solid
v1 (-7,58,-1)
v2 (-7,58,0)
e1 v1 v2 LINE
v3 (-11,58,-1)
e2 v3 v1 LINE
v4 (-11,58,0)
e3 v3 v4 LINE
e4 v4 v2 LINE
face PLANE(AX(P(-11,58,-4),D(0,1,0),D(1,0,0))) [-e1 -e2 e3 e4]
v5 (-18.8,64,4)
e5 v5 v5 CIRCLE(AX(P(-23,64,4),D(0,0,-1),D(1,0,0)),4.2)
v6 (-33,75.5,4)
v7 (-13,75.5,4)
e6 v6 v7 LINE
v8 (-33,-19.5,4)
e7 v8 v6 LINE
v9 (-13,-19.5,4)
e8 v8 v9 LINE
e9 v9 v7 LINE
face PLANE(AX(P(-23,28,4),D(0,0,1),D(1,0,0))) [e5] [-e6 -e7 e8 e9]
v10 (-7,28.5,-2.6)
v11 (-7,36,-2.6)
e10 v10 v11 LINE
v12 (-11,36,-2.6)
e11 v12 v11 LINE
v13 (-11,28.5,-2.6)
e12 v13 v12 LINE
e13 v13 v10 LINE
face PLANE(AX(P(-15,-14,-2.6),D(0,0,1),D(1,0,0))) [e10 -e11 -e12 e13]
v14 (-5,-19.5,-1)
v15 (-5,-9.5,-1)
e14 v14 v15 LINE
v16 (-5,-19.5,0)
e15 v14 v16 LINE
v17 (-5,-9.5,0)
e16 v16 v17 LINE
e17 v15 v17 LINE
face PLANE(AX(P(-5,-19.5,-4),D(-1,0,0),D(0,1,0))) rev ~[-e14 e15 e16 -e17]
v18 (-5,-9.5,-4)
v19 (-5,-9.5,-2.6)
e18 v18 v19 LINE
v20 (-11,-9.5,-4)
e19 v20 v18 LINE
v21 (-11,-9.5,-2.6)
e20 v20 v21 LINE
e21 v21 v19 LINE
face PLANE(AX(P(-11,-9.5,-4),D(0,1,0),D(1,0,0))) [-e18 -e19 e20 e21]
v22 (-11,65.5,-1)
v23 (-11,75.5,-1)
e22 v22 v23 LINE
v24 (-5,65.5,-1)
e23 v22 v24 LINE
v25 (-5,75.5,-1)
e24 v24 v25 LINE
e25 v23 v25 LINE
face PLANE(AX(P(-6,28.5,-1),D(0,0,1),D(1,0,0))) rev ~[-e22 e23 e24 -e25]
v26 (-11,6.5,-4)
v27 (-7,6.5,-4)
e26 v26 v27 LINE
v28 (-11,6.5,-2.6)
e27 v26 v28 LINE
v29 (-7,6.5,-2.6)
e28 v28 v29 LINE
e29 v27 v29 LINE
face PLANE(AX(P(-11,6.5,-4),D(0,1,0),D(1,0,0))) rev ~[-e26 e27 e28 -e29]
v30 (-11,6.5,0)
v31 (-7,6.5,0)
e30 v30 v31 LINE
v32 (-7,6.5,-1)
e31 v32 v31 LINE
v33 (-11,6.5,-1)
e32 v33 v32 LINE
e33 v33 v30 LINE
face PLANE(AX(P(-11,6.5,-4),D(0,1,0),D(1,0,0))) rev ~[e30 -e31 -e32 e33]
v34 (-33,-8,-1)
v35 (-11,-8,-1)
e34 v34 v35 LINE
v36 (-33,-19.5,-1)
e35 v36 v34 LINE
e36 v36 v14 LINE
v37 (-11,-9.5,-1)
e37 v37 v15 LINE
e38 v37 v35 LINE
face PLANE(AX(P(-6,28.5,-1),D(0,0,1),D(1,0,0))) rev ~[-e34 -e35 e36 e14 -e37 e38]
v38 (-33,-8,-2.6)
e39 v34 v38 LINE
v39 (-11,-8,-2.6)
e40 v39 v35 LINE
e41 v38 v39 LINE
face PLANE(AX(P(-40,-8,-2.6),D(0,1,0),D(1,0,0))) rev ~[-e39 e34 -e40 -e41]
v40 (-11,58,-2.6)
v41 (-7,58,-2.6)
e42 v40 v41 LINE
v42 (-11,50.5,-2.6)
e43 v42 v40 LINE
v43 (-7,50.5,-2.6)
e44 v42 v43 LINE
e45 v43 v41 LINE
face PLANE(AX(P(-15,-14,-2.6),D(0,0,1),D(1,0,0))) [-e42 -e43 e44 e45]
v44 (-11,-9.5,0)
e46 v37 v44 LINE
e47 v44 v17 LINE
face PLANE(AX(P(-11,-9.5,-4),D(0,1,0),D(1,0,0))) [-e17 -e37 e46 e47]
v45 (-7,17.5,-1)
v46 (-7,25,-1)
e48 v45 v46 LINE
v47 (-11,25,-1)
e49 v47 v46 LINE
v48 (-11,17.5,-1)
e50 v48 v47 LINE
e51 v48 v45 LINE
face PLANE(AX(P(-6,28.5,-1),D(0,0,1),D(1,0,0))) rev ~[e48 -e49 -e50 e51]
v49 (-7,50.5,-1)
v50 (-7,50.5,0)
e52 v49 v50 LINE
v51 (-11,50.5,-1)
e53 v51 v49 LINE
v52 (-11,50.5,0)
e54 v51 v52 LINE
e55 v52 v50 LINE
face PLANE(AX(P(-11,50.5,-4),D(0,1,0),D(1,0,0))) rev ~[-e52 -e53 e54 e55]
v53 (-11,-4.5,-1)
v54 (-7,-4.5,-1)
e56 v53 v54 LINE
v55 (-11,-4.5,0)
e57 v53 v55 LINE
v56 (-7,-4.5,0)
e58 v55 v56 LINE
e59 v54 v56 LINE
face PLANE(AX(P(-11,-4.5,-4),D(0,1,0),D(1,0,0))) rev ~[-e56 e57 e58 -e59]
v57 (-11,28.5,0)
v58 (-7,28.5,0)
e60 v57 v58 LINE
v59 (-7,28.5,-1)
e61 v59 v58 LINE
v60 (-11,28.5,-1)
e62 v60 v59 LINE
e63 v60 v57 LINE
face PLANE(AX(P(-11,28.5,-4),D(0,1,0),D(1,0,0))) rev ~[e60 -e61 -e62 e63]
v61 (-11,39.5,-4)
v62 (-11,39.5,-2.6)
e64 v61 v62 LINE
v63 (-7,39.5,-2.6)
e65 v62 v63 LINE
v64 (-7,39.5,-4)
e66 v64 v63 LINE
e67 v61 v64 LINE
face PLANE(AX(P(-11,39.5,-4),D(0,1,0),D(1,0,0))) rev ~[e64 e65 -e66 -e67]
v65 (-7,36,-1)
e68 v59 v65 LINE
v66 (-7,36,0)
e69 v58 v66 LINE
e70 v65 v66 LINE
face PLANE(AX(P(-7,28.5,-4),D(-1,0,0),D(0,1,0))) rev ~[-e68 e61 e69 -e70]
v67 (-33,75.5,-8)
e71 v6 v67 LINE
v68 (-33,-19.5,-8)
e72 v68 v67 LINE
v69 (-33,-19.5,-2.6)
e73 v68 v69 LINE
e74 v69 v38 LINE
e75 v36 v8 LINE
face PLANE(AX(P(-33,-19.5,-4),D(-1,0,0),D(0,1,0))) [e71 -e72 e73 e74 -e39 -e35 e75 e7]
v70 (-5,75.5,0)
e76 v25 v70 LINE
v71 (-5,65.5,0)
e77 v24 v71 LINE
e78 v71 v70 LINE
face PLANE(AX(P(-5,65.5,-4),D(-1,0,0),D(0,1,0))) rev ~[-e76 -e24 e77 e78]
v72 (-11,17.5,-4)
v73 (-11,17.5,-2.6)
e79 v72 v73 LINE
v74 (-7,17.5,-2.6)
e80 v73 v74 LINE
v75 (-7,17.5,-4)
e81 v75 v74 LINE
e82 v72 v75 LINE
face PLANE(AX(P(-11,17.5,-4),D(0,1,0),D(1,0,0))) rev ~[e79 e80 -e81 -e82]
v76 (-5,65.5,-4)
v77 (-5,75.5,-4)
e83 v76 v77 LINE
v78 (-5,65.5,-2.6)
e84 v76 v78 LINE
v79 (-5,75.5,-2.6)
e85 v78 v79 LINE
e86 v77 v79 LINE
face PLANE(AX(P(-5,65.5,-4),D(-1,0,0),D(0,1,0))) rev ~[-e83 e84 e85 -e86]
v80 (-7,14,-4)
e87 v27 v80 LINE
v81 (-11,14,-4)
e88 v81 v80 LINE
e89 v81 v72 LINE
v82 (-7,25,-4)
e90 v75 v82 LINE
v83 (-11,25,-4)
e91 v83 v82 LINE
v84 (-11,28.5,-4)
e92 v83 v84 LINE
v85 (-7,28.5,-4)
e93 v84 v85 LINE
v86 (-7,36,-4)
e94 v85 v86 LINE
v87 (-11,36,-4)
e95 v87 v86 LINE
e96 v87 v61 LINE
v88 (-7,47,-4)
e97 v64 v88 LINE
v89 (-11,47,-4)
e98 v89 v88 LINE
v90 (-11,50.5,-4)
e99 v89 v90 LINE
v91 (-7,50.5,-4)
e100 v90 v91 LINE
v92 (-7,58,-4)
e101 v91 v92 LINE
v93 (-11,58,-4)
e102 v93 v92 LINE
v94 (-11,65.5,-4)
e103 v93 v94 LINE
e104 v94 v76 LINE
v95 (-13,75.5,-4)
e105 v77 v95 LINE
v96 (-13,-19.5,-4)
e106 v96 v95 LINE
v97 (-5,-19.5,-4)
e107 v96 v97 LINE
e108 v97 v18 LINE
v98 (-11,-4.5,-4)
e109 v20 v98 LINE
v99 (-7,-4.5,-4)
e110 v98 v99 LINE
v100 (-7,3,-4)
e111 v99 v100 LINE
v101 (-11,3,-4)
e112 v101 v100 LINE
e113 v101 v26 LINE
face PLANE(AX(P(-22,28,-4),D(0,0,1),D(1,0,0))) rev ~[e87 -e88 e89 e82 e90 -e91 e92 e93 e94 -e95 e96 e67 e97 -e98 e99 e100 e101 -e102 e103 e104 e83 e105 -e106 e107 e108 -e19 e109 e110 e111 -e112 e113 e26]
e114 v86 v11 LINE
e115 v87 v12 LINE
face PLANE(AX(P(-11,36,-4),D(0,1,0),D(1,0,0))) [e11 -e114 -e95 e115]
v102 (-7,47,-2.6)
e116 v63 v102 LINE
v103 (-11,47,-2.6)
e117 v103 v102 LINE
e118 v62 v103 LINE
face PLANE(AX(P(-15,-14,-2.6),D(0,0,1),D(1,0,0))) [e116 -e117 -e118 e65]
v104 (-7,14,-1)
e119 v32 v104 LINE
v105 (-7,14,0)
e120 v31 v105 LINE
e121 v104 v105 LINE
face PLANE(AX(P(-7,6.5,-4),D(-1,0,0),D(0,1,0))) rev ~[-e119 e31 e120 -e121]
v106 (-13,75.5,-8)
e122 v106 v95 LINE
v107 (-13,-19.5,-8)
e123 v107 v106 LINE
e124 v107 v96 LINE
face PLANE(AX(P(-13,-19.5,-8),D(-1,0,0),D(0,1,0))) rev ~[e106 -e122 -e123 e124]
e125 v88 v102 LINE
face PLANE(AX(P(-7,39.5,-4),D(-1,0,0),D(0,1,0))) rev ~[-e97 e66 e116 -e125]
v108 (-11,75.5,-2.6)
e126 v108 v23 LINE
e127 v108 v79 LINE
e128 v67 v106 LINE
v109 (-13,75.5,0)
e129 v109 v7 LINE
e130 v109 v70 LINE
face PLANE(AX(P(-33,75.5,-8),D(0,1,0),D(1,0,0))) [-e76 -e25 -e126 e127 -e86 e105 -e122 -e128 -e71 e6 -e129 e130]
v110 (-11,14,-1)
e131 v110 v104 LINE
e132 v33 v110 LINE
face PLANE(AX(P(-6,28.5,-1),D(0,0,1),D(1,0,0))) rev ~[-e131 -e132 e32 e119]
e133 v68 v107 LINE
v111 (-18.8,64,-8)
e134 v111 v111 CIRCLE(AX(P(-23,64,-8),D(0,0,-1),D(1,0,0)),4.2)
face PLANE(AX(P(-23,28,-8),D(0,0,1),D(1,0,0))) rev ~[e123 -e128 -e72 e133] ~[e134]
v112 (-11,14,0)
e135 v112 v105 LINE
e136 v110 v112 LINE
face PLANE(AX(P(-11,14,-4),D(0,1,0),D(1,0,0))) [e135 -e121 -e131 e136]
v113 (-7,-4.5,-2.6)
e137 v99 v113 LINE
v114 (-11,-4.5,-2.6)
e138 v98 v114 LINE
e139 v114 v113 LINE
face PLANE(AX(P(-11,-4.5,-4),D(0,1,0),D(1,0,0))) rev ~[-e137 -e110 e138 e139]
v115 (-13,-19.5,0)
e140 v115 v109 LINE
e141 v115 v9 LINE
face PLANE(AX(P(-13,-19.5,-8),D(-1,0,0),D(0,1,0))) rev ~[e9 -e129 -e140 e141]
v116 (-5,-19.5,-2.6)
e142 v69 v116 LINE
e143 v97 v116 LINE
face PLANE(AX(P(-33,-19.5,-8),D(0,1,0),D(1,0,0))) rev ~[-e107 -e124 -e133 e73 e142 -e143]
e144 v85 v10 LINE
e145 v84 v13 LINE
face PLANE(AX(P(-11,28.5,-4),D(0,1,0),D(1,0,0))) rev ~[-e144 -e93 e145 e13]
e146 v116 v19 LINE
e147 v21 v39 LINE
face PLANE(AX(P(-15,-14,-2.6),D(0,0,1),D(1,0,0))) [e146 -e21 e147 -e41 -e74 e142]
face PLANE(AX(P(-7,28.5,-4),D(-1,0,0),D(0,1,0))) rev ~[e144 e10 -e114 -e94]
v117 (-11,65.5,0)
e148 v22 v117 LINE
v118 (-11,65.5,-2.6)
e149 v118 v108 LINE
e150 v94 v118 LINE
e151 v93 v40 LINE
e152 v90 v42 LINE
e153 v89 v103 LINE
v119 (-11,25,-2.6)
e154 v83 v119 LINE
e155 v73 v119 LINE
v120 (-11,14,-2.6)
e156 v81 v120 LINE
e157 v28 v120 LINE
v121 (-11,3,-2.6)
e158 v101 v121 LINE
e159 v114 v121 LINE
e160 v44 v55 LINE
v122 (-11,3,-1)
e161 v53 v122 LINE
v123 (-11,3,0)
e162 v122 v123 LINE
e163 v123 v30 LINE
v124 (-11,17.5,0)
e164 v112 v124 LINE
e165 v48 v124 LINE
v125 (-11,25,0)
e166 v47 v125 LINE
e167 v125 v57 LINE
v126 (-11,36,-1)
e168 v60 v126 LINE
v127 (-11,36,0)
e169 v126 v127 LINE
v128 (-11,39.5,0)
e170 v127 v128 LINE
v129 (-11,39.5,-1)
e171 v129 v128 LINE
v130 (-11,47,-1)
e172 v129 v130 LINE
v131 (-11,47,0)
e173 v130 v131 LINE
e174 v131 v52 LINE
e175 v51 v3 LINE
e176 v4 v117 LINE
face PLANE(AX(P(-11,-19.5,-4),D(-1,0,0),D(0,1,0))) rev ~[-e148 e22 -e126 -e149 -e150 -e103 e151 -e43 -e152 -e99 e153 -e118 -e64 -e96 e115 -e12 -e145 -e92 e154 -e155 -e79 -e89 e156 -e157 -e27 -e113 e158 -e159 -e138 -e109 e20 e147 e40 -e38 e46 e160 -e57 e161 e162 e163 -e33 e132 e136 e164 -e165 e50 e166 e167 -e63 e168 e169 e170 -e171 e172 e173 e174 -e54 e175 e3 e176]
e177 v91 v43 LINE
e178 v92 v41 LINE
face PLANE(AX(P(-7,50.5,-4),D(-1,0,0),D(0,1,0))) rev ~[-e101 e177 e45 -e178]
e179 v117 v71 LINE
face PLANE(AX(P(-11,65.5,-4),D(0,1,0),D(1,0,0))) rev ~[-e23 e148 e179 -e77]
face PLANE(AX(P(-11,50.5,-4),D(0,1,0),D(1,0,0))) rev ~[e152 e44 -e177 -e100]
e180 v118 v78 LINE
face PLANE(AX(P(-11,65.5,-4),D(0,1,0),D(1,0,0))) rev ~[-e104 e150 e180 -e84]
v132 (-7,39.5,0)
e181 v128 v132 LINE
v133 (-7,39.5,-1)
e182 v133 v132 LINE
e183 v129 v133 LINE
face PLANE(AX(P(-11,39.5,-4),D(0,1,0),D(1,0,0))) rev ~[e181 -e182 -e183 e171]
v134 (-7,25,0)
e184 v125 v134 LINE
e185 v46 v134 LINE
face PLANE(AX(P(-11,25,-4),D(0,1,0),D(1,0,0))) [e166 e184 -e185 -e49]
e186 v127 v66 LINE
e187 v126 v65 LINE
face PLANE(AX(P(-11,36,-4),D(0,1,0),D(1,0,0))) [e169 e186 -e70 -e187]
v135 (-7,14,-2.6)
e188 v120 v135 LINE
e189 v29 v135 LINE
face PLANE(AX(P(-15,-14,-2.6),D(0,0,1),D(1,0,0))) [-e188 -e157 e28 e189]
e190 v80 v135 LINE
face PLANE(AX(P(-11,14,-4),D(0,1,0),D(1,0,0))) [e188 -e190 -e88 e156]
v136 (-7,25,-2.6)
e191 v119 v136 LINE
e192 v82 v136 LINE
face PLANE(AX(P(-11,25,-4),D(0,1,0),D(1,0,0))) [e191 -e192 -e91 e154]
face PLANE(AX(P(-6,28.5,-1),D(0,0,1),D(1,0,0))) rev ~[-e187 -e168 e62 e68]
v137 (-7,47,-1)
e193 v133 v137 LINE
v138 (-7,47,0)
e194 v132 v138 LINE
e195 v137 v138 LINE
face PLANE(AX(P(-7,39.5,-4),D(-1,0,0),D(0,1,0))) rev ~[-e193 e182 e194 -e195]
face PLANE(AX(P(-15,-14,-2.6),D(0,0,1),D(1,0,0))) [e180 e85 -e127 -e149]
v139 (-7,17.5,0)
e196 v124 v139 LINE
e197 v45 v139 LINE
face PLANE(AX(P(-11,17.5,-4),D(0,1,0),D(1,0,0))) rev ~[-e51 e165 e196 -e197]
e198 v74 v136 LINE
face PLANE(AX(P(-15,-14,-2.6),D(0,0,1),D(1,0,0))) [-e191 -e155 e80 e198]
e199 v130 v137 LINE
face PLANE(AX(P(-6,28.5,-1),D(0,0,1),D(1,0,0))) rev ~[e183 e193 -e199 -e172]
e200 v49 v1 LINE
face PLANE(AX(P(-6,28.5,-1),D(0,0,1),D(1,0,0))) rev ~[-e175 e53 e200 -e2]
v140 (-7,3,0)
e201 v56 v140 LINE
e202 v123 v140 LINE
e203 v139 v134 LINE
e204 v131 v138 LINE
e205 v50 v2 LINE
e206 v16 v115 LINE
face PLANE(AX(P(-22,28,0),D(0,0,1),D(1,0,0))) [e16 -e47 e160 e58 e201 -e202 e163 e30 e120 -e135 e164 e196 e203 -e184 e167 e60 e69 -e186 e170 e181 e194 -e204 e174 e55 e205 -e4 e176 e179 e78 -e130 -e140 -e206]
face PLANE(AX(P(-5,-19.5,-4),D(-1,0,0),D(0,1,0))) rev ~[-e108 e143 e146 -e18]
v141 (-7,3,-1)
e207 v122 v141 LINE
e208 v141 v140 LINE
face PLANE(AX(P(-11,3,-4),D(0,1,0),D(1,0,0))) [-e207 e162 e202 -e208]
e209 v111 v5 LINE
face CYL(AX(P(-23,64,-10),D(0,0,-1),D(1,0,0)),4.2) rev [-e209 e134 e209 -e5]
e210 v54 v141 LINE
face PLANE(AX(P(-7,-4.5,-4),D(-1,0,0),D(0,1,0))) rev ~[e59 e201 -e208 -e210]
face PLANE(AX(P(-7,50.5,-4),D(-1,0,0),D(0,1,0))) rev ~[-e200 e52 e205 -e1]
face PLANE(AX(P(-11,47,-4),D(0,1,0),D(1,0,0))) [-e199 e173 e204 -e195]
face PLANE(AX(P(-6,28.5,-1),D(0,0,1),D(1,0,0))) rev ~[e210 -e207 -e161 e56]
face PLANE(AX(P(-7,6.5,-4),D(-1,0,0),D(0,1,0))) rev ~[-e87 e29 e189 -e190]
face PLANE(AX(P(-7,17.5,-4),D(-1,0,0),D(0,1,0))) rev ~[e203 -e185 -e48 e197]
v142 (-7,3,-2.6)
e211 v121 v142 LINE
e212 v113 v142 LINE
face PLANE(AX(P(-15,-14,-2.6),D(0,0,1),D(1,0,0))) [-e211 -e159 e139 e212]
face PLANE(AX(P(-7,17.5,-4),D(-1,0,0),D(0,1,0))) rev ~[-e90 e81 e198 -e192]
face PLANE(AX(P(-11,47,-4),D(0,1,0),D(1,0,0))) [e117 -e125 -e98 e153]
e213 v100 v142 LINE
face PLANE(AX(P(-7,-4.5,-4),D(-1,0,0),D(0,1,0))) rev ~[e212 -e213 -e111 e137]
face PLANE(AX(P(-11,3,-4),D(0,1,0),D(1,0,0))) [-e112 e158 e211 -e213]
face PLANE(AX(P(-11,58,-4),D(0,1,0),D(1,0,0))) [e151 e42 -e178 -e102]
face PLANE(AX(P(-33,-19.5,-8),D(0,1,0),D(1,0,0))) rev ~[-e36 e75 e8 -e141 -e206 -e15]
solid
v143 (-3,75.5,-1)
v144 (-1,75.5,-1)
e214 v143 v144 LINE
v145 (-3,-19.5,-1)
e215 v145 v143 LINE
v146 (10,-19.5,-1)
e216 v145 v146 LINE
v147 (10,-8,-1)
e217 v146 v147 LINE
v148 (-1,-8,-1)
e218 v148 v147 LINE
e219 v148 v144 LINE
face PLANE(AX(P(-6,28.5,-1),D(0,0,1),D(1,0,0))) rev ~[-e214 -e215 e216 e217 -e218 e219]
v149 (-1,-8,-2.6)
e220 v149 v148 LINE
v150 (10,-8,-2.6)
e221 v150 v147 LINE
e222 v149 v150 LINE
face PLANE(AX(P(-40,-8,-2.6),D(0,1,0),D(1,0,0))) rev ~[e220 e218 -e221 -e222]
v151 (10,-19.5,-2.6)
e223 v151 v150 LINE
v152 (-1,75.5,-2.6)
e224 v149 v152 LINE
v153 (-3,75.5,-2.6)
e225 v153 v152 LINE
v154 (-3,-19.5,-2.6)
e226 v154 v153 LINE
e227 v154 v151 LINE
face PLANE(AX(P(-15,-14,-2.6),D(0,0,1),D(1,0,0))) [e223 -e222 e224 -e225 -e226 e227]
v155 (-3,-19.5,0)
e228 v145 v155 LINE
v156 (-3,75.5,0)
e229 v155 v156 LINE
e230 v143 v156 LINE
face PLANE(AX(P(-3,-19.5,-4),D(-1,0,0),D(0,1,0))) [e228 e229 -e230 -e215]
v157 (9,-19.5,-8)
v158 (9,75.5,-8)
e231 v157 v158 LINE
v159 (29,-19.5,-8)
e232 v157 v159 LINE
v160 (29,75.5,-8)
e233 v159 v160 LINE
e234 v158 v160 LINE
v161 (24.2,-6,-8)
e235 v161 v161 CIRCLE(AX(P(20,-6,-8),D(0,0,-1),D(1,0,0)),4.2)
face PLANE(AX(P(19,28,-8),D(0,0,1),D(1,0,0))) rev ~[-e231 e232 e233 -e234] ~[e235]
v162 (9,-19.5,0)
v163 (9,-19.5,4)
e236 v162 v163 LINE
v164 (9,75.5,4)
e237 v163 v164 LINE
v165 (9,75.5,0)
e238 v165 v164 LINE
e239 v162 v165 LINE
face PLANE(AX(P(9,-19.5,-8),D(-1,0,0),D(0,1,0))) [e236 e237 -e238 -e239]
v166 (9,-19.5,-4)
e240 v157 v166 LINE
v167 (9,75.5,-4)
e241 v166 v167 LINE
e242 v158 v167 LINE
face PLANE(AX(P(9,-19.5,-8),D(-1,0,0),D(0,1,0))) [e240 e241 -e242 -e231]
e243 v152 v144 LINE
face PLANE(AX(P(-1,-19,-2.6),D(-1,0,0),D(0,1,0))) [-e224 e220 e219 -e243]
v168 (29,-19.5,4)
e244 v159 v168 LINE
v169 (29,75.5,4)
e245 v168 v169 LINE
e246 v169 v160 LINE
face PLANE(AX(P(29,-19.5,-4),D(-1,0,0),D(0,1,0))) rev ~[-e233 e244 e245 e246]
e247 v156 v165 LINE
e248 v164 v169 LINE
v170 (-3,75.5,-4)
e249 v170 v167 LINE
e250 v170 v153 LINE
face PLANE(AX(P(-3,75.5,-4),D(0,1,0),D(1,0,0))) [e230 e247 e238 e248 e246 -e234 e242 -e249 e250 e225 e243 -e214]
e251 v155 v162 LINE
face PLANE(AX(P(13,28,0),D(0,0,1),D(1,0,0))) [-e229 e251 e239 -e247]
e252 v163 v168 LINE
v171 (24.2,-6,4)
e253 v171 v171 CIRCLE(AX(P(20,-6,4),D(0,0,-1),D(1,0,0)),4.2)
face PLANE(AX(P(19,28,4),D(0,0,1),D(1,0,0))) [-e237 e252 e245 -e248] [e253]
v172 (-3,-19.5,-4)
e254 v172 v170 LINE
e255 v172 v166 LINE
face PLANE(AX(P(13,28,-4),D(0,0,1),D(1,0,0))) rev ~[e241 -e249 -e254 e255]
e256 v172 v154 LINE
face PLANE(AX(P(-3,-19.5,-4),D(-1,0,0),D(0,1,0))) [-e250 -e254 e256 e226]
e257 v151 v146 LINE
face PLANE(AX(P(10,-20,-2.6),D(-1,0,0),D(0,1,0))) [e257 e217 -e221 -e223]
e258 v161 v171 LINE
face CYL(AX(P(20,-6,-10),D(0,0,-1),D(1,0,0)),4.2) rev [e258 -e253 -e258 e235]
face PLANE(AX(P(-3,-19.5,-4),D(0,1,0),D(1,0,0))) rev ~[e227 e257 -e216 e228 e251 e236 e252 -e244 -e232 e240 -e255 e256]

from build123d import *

# Parameters (mm, degrees)
BOX012_W          = 10
BOX012_H          = 95
BOX012_DEPTH      = 1.6
BOX013_W          = 50
BOX013_H          = 12
BOX013_DEPTH      = 1.6
CYLINDER_R        = 4.2
CYLINDER_DEPTH    = 20
CYLINDER001_R     = 4.2
CYLINDER001_DEPTH = 20
BOX009_W          = 20
BOX009_H          = 95
BOX009_DEPTH      = 12
BOX004_W          = 6
BOX004_H          = 10
BOX004_DEPTH      = 4
BOX001_W          = 4
BOX001_H          = 7.5
BOX001_DEPTH      = 4
ARRAY002_Y_COUNT  = 6
ARRAY002_Y_PITCH  = 11
BOX002_W          = 22
BOX002_H          = 95
BOX002_DEPTH      = 4
BOX005_W          = 6
BOX005_H          = 10
BOX005_DEPTH      = 4
BOX_W             = 32
BOX_H             = 95
BOX_DEPTH         = 4
BOX010_W          = 20
BOX010_H          = 95
BOX010_DEPTH      = 12


with BuildPart() as box012:
    # Box012 → Box012 (new body)
    with BuildSketch(Plane(origin=(-11, -19, -2.6), x_dir=(1, 0, 0), z_dir=(0, 0, 1))):
        with Locations((5, 47.5)):
            Rectangle(BOX012_W, BOX012_H)
    extrude(amount=BOX012_DEPTH)


with BuildPart() as fusion002006:
    # Box013 → Box013 (new body)
    with BuildSketch(Plane(origin=(-40, -20, -2.6), x_dir=(1, 0, 0), z_dir=(0, 0, 1))):
        with Locations((25, 6)):
            Rectangle(BOX013_W, BOX013_H)
    extrude(amount=BOX013_DEPTH)

    # Fusion002006: union Box012
    add(box012.part)


with BuildPart() as cylinder:
    # Cylinder → Cylinder (new body)
    with BuildSketch(Plane(origin=(20, -6, -10), x_dir=(1, 0, 0), z_dir=(0, 0, 1))):
        Circle(CYLINDER_R)
    extrude(amount=CYLINDER_DEPTH)


with BuildPart() as fusion002005:
    # Cylinder001 → Cylinder001 (new body)
    with BuildSketch(Plane(origin=(-23, 64, -10), x_dir=(1, 0, 0), z_dir=(0, 0, 1))):
        Circle(CYLINDER001_R)
    extrude(amount=CYLINDER001_DEPTH)

    # Fusion002005: union Cylinder
    add(cylinder.part)


with BuildPart() as box009:
    # Box009 → Box009 (new body)
    with BuildSketch(Plane(origin=(9, -19.5, -8), x_dir=(1, 0, 0), z_dir=(0, 0, 1))):
        with Locations((10, 47.5)):
            Rectangle(BOX009_W, BOX009_H)
    extrude(amount=BOX009_DEPTH)


with BuildPart() as tvs:
    # Box004 → Box004 (new body)
    with BuildSketch(Plane(origin=(-11, -19.5, -4), x_dir=(1, 0, 0), z_dir=(0, 0, 1))):
        with Locations((3, 5)):
            Rectangle(BOX004_W, BOX004_H)
    extrude(amount=BOX004_DEPTH)


with BuildPart() as array002:
    # Box001 → Box001 (new body)
    with BuildSketch(Plane(origin=(-11, 50.5, -4), x_dir=(1, 0, 0), z_dir=(0, 0, 1))):
        with Locations((2, 3.75)):
            Rectangle(BOX001_W, BOX001_H)
    extrude(amount=BOX001_DEPTH)

    # Array002 Y: Array002 ×6


with BuildPart() as array002_1:
    add(array002.part)
    with Locations(*[(0, -i * ARRAY002_Y_PITCH, 0) for i in range(1, ARRAY002_Y_COUNT)]):
        add(array002.part)


with BuildPart() as fusion:
    # Box002 → Box002 (new body)
    with BuildSketch(Plane(origin=(-33, -19.5, -4), x_dir=(1, 0, 0), z_dir=(0, 0, 1))):
        with Locations((11, 47.5)):
            Rectangle(BOX002_W, BOX002_H)
    extrude(amount=BOX002_DEPTH)

    # Fusion: union Array002
    add(array002_1.part)


with BuildPart() as fusion001:
    # Box005 → Box005 (new body)
    with BuildSketch(Plane(origin=(-11, 65.5, -4), x_dir=(1, 0, 0), z_dir=(0, 0, 1))):
        with Locations((3, 5)):
            Rectangle(BOX005_W, BOX005_H)
    extrude(amount=BOX005_DEPTH)

    # Fusion001: union tvs, Fusion
    add(tvs.part)
    add(fusion.part)


with BuildPart() as fusion002:
    # Box → Box (new body)
    with BuildSketch(Plane(origin=(-3, -19.5, -4), x_dir=(1, 0, 0), z_dir=(0, 0, 1))):
        with Locations((16, 47.5)):
            Rectangle(BOX_W, BOX_H)
    extrude(amount=BOX_DEPTH)

    # Fusion002: union Fusion001
    add(fusion001.part)


with BuildPart() as cut002:
    # Box010 → Box010 (new body)
    with BuildSketch(Plane(origin=(-33, -19.5, -8), x_dir=(1, 0, 0), z_dir=(0, 0, 1))):
        with Locations((10, 47.5)):
            Rectangle(BOX010_W, BOX010_H)
    extrude(amount=BOX010_DEPTH)

    # Fusion002003: union Box009, Fusion002
    add(box009.part)
    add(fusion002.part)

    # Cut001: cut Fusion002005
    add(fusion002005.part, mode=Mode.SUBTRACT)

    # Cut002: cut Fusion002006
    add(fusion002006.part, mode=Mode.SUBTRACT)


solid = cut002.part
